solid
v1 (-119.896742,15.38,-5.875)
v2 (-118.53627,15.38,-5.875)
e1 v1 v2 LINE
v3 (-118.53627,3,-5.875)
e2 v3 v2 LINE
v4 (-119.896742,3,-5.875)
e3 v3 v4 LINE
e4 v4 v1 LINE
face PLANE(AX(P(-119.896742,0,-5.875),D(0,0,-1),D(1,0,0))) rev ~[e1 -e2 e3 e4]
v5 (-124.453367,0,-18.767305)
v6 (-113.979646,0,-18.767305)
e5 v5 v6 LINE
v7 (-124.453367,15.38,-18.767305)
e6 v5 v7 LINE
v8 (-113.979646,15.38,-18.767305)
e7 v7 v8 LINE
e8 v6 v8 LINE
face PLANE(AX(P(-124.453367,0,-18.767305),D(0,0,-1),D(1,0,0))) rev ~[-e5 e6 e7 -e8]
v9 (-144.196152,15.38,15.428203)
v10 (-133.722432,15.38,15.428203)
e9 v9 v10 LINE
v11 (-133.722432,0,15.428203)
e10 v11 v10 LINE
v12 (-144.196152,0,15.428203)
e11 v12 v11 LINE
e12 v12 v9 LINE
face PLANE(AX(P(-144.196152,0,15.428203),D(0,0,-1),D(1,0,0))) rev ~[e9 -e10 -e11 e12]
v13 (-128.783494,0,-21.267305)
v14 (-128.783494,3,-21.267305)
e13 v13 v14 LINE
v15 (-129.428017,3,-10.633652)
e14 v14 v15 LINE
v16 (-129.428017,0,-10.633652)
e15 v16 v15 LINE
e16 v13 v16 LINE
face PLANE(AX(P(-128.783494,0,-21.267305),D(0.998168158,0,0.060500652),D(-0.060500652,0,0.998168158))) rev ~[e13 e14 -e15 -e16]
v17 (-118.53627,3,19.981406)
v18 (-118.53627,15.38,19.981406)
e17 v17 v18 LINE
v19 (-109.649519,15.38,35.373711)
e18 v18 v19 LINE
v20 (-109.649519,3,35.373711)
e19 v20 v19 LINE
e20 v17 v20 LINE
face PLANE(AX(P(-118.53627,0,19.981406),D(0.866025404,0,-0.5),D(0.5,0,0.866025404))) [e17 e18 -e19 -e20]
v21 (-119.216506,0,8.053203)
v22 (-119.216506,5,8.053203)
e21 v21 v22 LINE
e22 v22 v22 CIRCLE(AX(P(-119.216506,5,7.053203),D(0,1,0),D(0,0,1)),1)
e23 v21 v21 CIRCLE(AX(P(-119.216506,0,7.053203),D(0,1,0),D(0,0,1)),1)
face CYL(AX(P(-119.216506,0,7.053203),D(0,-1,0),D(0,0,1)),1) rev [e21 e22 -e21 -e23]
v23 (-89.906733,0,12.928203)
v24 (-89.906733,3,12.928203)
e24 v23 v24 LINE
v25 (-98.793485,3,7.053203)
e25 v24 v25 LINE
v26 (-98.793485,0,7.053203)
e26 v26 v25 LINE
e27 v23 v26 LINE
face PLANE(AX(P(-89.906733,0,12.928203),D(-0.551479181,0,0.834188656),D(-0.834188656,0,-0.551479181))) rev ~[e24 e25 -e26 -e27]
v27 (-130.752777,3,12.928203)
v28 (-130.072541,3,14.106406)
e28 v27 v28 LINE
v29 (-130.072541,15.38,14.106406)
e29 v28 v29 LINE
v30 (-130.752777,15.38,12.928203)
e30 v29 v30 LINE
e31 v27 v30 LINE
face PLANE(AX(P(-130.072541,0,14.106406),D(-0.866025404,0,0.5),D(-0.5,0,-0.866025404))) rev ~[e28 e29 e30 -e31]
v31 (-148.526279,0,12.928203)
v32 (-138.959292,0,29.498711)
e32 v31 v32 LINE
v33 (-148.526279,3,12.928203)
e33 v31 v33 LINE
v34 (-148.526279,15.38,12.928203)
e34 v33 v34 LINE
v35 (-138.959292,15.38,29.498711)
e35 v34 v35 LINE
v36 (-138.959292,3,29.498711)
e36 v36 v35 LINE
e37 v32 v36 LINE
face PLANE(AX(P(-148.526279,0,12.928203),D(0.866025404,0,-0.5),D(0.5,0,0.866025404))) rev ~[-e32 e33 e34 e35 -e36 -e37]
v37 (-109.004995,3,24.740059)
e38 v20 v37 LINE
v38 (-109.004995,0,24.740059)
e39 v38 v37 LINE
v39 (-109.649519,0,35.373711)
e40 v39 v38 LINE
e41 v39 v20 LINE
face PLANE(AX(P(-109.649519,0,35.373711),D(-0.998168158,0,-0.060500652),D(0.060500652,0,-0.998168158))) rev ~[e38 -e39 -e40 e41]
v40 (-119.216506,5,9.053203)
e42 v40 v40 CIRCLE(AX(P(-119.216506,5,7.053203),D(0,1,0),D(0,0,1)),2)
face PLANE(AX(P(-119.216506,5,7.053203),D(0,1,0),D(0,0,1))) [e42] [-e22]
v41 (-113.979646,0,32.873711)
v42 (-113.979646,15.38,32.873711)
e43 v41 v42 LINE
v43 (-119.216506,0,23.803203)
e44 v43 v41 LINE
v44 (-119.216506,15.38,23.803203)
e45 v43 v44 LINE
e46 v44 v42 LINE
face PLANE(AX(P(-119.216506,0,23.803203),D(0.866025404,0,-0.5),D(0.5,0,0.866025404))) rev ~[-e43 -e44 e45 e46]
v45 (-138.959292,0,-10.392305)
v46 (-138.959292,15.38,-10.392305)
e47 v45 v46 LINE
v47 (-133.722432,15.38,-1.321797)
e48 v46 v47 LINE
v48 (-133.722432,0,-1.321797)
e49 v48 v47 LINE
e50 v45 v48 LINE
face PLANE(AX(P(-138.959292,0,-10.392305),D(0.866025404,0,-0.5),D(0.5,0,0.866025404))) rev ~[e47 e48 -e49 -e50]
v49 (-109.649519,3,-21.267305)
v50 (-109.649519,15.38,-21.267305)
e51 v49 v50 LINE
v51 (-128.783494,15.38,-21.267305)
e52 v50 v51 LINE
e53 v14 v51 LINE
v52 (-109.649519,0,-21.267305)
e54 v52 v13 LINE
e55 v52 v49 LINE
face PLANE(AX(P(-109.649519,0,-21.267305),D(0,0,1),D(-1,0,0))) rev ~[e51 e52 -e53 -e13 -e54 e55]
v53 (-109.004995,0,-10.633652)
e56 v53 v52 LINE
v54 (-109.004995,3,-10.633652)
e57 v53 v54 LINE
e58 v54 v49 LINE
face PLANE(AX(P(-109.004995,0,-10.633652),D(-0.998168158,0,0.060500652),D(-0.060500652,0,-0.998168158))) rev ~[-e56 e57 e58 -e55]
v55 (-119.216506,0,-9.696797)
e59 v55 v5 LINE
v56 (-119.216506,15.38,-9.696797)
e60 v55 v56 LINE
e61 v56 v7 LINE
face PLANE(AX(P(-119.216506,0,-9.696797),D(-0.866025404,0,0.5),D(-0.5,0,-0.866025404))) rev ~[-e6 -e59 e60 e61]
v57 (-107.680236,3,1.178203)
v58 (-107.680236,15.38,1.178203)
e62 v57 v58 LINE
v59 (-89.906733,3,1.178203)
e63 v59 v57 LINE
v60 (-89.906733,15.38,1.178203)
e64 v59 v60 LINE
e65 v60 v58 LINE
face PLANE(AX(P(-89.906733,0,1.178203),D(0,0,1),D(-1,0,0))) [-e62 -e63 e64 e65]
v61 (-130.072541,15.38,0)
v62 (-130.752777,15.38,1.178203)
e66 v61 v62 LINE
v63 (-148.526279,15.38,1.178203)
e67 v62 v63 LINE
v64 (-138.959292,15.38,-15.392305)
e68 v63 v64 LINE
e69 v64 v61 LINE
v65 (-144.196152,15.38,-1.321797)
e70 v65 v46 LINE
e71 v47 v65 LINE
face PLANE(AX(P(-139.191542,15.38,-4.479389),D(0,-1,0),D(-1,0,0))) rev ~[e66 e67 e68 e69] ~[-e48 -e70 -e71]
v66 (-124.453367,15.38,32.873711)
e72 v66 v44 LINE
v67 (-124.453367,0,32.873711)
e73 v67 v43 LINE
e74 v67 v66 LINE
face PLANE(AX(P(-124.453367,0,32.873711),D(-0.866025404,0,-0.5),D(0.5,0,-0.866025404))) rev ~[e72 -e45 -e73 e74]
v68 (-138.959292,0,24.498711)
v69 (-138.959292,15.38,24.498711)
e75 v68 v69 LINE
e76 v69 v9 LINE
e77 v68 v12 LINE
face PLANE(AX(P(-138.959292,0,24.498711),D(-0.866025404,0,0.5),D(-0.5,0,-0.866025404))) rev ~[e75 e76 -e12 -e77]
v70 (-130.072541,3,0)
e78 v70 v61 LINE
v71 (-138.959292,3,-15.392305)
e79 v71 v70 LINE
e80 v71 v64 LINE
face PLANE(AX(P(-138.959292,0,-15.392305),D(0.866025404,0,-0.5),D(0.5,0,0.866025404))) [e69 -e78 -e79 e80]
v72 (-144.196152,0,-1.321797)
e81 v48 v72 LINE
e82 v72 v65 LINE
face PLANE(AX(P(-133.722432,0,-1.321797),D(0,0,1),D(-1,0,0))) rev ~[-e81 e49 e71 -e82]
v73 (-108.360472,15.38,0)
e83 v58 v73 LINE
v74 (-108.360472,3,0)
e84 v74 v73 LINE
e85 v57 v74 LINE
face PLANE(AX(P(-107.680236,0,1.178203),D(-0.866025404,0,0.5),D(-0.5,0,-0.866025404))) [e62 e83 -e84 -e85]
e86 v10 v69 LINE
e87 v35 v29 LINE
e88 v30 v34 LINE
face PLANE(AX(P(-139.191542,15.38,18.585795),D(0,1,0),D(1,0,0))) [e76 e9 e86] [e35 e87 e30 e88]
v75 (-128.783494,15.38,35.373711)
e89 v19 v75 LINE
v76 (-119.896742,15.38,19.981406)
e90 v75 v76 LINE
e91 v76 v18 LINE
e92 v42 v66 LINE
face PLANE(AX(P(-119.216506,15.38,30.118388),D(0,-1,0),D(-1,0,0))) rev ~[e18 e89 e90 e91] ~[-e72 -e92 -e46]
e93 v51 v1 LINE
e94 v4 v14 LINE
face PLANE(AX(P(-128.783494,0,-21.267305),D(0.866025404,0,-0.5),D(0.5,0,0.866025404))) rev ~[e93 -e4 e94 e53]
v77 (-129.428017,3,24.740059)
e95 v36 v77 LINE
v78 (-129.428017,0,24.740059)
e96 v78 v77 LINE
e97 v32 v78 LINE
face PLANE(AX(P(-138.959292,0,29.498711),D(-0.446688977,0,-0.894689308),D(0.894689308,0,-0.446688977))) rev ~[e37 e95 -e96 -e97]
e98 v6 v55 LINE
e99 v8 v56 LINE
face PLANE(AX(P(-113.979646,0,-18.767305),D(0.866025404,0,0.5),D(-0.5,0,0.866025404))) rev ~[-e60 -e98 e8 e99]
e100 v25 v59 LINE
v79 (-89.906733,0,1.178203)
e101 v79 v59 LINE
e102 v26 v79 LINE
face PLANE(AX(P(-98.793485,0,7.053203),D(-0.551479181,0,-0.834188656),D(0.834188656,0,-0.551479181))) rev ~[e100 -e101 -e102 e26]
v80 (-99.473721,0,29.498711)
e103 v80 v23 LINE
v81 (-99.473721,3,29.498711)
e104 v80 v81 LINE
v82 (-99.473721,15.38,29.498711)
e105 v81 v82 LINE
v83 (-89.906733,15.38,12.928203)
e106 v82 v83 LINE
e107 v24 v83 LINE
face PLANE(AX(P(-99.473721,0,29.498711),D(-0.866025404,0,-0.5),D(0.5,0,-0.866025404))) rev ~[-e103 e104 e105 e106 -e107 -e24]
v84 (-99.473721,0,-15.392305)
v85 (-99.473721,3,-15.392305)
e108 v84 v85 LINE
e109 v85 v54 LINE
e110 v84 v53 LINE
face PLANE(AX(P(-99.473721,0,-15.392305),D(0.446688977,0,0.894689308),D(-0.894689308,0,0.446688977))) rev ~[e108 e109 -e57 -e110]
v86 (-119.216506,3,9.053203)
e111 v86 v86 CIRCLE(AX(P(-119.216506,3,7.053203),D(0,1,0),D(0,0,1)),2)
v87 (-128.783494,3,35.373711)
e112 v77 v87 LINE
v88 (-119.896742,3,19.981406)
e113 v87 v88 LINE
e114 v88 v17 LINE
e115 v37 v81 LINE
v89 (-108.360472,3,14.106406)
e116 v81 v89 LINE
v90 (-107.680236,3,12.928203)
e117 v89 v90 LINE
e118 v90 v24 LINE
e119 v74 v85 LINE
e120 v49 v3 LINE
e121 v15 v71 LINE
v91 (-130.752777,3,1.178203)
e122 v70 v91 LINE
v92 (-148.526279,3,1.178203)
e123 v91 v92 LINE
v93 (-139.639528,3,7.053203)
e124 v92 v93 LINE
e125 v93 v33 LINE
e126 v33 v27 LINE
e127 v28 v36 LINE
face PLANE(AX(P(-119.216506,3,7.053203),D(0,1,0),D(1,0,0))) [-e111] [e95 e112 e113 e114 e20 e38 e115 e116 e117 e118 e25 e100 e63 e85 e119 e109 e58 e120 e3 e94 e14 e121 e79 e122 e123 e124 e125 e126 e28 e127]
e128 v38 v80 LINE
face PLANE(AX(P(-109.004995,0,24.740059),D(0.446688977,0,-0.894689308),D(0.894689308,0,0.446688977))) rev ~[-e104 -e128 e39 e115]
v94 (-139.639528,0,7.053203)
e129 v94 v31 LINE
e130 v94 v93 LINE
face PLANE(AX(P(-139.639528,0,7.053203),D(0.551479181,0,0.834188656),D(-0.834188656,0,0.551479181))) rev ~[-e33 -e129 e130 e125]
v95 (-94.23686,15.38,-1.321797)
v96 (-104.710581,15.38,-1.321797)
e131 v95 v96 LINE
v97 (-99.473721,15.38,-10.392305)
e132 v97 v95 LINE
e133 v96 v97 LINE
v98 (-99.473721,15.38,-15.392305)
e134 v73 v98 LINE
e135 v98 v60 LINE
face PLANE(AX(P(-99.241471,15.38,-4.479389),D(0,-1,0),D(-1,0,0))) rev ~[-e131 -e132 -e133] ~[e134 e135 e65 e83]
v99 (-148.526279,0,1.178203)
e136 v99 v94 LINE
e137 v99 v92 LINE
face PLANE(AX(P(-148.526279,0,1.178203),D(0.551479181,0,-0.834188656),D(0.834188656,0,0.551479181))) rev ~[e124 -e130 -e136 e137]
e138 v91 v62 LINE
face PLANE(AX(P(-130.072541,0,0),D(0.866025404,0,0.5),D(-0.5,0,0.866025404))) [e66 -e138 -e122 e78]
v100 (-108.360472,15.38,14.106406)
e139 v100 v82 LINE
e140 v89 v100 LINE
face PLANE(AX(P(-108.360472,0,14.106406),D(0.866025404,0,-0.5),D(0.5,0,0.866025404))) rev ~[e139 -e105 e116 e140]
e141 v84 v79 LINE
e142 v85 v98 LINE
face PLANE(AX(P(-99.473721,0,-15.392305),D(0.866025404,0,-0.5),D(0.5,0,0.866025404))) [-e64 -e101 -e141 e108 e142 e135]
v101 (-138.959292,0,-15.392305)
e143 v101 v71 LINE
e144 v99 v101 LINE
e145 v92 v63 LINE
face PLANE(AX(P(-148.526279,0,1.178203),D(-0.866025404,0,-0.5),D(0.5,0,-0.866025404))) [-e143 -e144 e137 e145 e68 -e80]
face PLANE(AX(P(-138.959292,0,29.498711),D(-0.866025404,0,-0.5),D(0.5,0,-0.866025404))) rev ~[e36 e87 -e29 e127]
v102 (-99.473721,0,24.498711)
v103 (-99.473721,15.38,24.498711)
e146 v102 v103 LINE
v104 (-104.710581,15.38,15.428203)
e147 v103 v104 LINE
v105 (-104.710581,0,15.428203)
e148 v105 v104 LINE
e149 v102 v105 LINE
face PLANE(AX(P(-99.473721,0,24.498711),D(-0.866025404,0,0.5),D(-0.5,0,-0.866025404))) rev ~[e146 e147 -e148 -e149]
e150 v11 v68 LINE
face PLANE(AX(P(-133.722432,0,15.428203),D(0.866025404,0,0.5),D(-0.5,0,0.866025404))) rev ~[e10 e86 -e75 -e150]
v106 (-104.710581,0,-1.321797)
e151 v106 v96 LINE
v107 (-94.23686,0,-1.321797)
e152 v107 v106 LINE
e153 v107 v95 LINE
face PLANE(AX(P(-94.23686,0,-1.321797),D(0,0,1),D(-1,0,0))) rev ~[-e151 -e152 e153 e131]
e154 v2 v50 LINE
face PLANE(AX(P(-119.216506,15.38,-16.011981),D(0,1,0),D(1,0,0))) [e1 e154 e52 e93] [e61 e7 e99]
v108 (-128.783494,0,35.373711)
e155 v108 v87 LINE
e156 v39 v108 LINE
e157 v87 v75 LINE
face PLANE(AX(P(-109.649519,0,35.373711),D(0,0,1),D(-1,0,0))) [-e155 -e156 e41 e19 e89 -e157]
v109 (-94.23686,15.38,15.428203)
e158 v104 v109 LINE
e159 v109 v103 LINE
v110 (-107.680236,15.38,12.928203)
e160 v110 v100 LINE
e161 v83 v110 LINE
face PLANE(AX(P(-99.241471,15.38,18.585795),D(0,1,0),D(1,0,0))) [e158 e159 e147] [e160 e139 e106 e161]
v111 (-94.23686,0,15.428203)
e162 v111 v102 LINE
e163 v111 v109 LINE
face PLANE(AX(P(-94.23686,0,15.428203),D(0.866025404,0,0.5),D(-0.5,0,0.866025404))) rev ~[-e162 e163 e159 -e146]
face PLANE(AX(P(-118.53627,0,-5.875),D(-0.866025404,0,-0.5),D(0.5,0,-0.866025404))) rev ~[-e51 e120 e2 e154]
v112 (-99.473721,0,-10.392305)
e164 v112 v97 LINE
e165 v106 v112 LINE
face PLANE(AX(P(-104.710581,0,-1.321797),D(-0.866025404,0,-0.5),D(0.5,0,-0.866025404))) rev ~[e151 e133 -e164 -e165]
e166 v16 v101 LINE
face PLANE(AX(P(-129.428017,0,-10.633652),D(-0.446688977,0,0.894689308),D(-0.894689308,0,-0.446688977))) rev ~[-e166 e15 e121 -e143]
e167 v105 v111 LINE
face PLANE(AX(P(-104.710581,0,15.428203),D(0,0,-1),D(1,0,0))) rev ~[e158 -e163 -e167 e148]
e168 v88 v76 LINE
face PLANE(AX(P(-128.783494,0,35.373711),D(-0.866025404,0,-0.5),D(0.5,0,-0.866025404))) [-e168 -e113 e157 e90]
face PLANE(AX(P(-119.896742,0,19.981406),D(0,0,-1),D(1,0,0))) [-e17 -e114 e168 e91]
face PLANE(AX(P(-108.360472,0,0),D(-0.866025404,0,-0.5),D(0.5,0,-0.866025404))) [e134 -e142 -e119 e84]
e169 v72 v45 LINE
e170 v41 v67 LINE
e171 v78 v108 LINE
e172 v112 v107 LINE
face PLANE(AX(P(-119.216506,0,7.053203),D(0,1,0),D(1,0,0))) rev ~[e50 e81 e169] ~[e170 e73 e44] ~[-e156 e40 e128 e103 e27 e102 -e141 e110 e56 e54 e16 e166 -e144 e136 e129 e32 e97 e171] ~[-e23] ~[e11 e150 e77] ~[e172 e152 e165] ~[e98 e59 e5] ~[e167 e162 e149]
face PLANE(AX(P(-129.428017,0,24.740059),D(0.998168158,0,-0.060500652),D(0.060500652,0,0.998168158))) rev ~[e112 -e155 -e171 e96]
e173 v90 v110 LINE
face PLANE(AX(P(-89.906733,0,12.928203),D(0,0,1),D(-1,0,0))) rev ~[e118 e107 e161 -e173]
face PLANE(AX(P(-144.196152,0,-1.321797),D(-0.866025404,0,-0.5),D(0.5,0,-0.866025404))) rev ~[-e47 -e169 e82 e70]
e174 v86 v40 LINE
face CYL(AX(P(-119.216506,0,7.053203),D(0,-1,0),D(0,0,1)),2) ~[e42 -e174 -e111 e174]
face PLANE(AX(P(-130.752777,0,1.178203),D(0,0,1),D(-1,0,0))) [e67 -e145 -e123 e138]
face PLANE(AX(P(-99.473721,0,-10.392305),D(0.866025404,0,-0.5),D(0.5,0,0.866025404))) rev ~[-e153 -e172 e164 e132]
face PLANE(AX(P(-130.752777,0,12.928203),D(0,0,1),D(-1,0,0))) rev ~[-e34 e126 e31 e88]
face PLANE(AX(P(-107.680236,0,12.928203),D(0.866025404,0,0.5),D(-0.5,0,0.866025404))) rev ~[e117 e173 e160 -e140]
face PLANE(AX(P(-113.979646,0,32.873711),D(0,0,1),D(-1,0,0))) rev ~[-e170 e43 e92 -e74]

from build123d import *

# Parameters (mm, degrees)
BOSS_EXTRUDE3_DEPTH   = 15.38
BOSS_EXTRUDE3_2_DEPTH = 15.38
BOSS_EXTRUDE3_3_DEPTH = 15.38
BOSS_EXTRUDE3_4_DEPTH = 15.38
BOSS_EXTRUDE3_5_DEPTH = 15.38
BOSS_EXTRUDE3_6_DEPTH = 15.38
SKETCH1_7_R           = 2
BOSS_EXTRUDE5_DEPTH   = 3
SKETCH1_8_R           = 2
SKETCH1_8_R_2         = 1
BOSS_EXTRUDE6_DEPTH   = 5


with BuildPart() as part:
    # Sketch1 → Boss-Extrude3 (new body)
    with BuildSketch(Plane(origin=(0, 0, 0), x_dir=(1, 0, 0), z_dir=(0, 1, 0))):
        Polygon((-109.649519053, 21.267304845), (-128.783493648, 21.267304845), (-119.896742302, 5.875), (-118.536270399, 5.875), align=None)
        Polygon((-124.453366629, 18.767304845), (-113.979646072, 18.767304845), (-119.216506351, 9.69679677), align=None, mode=Mode.SUBTRACT)
    extrude(amount=BOSS_EXTRUDE3_DEPTH)



with BuildPart() as body_2:
    # Sketch1 → Boss-Extrude3 2 (new body)
    with BuildSketch(Plane(origin=(0, 0, 0), x_dir=(1, 0, 0), z_dir=(0, 1, 0))):
        Polygon((-130.072540797, 0), (-138.959292143, 15.392304845), (-148.526279441, -1.17820323), (-130.752776749, -1.17820323), align=None)
        Polygon((-133.722431864, 1.32179677), (-144.196152422, 1.32179677), (-138.959292143, 10.392304845), align=None, mode=Mode.SUBTRACT)
    extrude(amount=BOSS_EXTRUDE3_2_DEPTH)


with BuildPart() as body_3:
    # Sketch1 → Boss-Extrude3 3 (new body)
    with BuildSketch(Plane(origin=(0, 0, 0), x_dir=(1, 0, 0), z_dir=(0, 1, 0))):
        Polygon((-89.906733261, -1.17820323), (-99.473720558, 15.392304845), (-108.360471904, 0), (-107.680235952, -1.17820323), align=None)
        Polygon((-104.710580837, 1.32179677), (-99.473720558, 10.392304845), (-94.23686028, 1.32179677), align=None, mode=Mode.SUBTRACT)
    extrude(amount=BOSS_EXTRUDE3_3_DEPTH)


with BuildPart() as body_4:
    # Sketch1 → Boss-Extrude3 4 (new body)
    with BuildSketch(Plane(origin=(0, 0, 0), x_dir=(1, 0, 0), z_dir=(0, 1, 0))):
        Polygon((-130.752776749, -12.92820323), (-148.526279441, -12.92820323), (-138.959292143, -29.498711305), (-130.072540797, -14.106406459), align=None)
        Polygon((-138.959292143, -24.498711305), (-144.196152422, -15.42820323), (-133.722431864, -15.42820323), align=None, mode=Mode.SUBTRACT)
    extrude(amount=BOSS_EXTRUDE3_4_DEPTH)


with BuildPart() as body_5:
    # Sketch1 → Boss-Extrude3 5 (new body)
    with BuildSketch(Plane(origin=(0, 0, 0), x_dir=(1, 0, 0), z_dir=(0, 1, 0))):
        Polygon((-99.473720558, -29.498711305), (-89.906733261, -12.92820323), (-107.680235952, -12.92820323), (-108.360471904, -14.106406459), align=None)
        Polygon((-94.23686028, -15.42820323), (-99.473720558, -24.498711305), (-104.710580837, -15.42820323), align=None, mode=Mode.SUBTRACT)
    extrude(amount=BOSS_EXTRUDE3_5_DEPTH)


with BuildPart() as body_6:
    # Sketch1 → Boss-Extrude3 6 (new body)
    with BuildSketch(Plane(origin=(0, 0, 0), x_dir=(1, 0, 0), z_dir=(0, 1, 0))):
        Polygon((-119.896742302, -19.981406459), (-128.783493648, -35.373711305), (-109.649519053, -35.373711305), (-118.536270399, -19.981406459), align=None)
        Polygon((-119.216506351, -23.80320323), (-113.979646072, -32.873711305), (-124.453366629, -32.873711305), align=None, mode=Mode.SUBTRACT)
    extrude(amount=BOSS_EXTRUDE3_6_DEPTH)


with BuildPart() as part_1:
    add(part.part)

    add(body_2.part)  # Boss-Extrude5 merges body 2

    add(body_3.part)  # Boss-Extrude5 merges body 3

    add(body_4.part)  # Boss-Extrude5 merges body 4

    add(body_5.part)  # Boss-Extrude5 merges body 5

    add(body_6.part)  # Boss-Extrude5 merges body 6
    # Sketch1<7> → Boss-Extrude5 (add)
    with BuildSketch(Plane(origin=(0, 0, 0), x_dir=(1, 0, 0), z_dir=(0, 1, 0))):
        Polygon((-119.896742302, 5.875), (-128.783493648, 21.267304845), (-129.428017223, 10.633652423), (-138.959292143, 15.392304845), (-130.072540797, 0), (-130.752776749, -1.17820323), (-148.526279441, -1.17820323), (-139.639528095, -7.05320323), (-148.526279441, -12.92820323), (-130.752776749, -12.92820323), (-130.072540797, -14.106406459), (-138.959292143, -29.498711305), (-129.428017223, -24.740058882), (-128.783493648, -35.373711305), (-119.896742302, -19.981406459), (-118.536270399, -19.981406459), (-109.649519053, -35.373711305), (-109.004995479, -24.740058882), (-99.473720558, -29.498711305), (-108.360471904, -14.106406459), (-107.680235952, -12.92820323), (-89.906733261, -12.92820323), (-98.793484607, -7.05320323), (-89.906733261, -1.17820323), (-107.680235952, -1.17820323), (-108.360471904, 0), (-99.473720558, 15.392304845), (-109.004995479, 10.633652423), (-109.649519053, 21.267304845), (-118.536270399, 5.875), align=None)
        with Locations((-119.216506351, -7.05320323)):
            Circle(SKETCH1_7_R, mode=Mode.SUBTRACT)
    extrude(amount=BOSS_EXTRUDE5_DEPTH)

    # Sketch1<8> → Boss-Extrude6 (add)
    with BuildSketch(Plane(origin=(0, 0, 0), x_dir=(1, 0, 0), z_dir=(0, 1, 0))):
        with Locations((-119.216506351, -7.05320323)):
            Circle(SKETCH1_8_R)
        with Locations((-119.216506351, -7.05320323)):
            Circle(SKETCH1_8_R_2, mode=Mode.SUBTRACT)
    extrude(amount=BOSS_EXTRUDE6_DEPTH)


solid = part_1.part
